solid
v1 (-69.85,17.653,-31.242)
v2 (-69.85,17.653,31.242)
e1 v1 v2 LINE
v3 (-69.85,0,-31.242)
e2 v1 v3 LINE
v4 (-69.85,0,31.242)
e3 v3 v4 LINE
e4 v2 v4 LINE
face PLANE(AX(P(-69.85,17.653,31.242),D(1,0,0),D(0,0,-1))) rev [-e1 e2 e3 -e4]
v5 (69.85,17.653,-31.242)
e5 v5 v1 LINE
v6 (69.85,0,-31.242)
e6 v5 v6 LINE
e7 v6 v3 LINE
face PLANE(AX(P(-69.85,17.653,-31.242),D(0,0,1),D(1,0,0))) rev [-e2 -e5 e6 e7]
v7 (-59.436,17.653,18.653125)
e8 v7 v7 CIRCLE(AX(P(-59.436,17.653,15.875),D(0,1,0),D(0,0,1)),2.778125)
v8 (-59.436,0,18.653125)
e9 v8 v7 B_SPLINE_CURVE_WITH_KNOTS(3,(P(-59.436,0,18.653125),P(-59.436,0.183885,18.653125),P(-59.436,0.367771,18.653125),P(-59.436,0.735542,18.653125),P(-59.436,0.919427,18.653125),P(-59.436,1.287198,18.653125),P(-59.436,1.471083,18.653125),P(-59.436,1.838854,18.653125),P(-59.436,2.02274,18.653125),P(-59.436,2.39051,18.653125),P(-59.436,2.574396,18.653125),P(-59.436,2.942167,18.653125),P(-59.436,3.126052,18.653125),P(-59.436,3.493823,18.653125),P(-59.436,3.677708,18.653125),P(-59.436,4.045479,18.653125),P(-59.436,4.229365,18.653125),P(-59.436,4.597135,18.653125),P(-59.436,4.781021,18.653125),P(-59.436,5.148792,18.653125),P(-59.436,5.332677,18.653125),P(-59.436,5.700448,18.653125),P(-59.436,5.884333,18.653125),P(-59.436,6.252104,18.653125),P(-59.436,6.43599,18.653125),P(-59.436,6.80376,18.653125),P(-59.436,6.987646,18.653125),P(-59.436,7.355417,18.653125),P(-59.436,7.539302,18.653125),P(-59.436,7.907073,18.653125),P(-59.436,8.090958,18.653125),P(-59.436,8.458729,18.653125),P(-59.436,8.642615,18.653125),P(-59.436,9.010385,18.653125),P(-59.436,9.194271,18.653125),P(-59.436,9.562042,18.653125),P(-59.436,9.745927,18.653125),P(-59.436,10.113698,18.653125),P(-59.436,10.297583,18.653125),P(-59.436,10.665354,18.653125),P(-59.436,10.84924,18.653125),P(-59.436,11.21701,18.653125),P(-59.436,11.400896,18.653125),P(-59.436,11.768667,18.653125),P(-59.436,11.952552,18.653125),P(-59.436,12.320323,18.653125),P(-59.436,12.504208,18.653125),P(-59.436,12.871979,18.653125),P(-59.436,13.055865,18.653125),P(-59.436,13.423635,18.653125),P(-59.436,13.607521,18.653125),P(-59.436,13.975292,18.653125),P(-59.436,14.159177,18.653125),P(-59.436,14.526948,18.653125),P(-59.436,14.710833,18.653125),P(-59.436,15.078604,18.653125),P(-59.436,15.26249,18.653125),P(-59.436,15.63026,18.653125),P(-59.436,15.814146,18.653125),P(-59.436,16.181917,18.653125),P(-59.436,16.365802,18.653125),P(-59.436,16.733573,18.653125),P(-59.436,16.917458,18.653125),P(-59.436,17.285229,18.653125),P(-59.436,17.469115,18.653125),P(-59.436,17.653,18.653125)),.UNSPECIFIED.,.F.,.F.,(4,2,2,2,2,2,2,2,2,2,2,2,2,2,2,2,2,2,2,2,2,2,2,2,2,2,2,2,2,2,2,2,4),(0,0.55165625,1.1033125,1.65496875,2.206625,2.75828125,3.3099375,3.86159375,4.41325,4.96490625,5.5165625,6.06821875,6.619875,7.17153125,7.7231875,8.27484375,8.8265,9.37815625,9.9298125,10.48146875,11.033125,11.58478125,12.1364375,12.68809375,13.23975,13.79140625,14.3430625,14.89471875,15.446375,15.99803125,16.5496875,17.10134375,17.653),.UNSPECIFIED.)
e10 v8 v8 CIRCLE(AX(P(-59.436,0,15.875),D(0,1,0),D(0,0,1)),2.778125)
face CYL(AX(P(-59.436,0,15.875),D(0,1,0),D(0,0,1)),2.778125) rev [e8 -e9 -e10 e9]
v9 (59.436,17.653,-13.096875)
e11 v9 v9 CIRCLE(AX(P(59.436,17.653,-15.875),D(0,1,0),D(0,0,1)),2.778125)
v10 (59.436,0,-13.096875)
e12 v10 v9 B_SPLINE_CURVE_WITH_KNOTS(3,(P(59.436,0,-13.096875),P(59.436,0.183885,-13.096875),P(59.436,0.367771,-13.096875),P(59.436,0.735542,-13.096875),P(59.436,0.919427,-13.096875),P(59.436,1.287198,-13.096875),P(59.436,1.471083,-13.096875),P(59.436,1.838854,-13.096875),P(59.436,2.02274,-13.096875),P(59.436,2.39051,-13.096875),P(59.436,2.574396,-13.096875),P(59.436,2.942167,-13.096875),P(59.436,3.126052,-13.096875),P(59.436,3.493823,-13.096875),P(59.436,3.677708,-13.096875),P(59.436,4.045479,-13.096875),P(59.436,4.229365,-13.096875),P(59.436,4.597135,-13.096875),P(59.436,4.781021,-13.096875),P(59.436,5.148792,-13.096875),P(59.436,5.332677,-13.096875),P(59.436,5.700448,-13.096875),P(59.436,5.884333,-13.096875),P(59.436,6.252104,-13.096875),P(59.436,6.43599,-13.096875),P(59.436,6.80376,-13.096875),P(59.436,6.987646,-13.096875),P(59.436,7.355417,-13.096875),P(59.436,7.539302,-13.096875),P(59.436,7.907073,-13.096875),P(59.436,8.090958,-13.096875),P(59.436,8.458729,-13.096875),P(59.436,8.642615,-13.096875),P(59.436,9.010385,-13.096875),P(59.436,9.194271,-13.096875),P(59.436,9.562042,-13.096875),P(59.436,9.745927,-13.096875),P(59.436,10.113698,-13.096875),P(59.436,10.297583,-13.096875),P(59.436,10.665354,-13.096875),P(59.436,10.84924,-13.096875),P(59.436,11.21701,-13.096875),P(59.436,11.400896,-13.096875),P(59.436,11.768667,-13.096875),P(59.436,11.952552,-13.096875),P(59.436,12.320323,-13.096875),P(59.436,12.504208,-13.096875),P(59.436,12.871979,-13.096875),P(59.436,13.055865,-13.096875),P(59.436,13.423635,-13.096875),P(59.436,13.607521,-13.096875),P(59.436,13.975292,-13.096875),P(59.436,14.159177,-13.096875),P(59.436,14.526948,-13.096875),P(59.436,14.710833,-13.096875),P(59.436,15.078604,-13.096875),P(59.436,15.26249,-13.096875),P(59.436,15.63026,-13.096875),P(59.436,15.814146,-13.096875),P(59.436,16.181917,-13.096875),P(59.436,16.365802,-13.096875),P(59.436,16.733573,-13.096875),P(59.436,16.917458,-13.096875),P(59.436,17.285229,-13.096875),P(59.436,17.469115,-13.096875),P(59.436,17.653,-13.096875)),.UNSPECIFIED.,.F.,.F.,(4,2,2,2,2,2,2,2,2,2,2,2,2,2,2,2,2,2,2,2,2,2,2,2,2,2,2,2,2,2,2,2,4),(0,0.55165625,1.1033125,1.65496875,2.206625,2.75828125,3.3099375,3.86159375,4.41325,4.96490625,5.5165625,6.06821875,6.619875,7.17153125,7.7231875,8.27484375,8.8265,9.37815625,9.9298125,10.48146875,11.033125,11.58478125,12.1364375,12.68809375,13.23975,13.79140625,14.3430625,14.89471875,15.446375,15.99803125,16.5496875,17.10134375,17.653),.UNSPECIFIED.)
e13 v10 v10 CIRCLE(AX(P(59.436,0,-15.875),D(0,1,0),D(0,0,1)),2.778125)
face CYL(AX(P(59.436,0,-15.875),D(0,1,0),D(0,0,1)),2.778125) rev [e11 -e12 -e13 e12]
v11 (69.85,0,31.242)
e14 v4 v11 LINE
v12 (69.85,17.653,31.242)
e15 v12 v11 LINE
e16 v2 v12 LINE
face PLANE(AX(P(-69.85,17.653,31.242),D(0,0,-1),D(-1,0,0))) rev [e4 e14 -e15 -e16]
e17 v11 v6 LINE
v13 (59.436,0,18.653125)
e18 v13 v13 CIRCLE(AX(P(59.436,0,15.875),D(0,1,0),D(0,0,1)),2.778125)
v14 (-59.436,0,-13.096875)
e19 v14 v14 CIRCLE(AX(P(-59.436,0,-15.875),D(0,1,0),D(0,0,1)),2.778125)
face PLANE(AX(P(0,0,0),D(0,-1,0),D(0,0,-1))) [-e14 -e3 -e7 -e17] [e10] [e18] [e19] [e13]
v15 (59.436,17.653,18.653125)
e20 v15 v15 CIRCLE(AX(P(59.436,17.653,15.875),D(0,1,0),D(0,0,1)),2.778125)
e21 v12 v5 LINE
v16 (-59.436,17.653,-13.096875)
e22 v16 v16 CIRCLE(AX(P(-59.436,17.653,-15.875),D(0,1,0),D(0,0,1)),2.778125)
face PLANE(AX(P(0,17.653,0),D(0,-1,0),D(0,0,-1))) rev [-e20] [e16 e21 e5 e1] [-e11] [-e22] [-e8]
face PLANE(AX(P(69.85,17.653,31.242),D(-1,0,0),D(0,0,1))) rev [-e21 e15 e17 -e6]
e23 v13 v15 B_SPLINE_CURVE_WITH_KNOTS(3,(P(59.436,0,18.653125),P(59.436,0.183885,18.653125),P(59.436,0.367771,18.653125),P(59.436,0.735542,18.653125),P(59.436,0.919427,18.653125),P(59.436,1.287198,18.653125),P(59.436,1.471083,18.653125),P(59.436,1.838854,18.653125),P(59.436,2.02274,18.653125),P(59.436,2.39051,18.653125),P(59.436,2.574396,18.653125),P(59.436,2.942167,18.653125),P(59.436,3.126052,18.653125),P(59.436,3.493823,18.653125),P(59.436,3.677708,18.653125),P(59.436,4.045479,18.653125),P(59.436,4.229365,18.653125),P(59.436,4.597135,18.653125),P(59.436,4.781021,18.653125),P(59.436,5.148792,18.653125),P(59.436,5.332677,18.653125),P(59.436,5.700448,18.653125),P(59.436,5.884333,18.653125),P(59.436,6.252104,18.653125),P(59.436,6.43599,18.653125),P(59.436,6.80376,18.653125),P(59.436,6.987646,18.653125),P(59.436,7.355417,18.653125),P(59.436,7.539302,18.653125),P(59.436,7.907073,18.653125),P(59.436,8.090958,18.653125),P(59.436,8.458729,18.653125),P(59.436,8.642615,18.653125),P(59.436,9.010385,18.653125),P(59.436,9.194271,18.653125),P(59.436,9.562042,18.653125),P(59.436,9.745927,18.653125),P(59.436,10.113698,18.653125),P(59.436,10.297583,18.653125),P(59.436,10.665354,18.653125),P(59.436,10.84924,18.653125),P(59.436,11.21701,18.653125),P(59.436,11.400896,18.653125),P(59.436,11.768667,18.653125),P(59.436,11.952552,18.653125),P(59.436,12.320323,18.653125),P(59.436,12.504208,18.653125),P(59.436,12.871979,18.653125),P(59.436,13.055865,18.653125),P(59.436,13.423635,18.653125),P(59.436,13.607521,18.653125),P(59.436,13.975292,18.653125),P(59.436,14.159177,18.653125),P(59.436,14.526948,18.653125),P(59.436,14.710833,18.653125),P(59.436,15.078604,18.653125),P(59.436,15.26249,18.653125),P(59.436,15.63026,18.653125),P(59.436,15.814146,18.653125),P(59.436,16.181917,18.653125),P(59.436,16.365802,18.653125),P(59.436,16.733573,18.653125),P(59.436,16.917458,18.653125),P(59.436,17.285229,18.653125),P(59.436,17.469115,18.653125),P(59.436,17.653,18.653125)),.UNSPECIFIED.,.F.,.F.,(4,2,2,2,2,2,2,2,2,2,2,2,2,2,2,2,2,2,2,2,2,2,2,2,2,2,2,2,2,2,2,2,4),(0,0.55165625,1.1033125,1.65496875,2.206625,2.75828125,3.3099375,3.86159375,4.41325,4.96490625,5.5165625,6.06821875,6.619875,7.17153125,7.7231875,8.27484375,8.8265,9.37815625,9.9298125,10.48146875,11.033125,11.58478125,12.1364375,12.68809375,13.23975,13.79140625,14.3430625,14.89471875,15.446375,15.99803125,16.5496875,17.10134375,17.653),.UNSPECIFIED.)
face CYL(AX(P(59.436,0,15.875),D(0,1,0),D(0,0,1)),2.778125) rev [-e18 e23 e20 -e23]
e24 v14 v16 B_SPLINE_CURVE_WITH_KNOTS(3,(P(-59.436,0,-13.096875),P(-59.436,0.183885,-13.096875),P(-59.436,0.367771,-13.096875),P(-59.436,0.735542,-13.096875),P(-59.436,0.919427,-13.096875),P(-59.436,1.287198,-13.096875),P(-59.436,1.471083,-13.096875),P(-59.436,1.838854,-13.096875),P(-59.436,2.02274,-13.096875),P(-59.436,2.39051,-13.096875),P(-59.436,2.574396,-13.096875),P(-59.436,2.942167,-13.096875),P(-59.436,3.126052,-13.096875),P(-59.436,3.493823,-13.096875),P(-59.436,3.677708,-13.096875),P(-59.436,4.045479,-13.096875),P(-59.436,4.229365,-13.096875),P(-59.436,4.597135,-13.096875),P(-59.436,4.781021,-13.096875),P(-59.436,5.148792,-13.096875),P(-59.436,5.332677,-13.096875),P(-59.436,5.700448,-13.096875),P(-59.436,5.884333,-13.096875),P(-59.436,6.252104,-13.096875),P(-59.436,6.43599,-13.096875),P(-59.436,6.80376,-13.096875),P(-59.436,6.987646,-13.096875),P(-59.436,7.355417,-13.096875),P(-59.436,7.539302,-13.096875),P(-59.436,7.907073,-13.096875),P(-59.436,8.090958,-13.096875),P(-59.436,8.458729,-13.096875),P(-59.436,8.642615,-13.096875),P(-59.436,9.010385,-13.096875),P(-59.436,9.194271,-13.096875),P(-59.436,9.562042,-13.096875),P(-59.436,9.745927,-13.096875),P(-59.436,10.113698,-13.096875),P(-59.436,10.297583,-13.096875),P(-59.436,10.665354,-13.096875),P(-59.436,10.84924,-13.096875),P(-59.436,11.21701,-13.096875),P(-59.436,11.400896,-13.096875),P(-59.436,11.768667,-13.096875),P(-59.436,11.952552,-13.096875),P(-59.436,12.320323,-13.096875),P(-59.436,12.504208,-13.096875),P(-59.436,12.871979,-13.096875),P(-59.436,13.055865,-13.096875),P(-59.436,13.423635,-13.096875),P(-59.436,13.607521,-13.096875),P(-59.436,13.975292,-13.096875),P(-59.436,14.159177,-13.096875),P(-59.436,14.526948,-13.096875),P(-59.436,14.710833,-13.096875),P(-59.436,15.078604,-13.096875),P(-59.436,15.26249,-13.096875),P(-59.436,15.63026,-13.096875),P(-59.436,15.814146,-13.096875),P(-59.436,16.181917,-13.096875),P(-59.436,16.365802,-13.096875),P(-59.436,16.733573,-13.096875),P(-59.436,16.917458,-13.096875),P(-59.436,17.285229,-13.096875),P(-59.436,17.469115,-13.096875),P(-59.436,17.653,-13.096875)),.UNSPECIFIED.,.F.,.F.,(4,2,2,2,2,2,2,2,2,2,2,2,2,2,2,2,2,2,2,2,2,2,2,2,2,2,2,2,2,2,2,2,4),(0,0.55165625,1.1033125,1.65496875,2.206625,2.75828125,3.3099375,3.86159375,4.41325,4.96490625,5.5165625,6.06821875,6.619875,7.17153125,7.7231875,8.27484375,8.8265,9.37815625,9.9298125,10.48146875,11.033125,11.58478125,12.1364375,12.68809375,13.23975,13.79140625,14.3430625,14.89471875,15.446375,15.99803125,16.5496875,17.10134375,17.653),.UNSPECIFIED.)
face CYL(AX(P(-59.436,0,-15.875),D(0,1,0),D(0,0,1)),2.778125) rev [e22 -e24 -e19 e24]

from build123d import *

# Parameters (mm, degrees)
SKETCH1_W            = 139.7
SKETCH1_H            = 62.484
BOSS_EXTRUDE1_DEPTH  = 17.653
SKETCH2_R            = 2.778125
CUT_EXTRUDE1_DEPTH   = 79.528424618
LPATTERN1_COUNT      = 2
LPATTERN1_PITCH      = 31.75
LPATTERN1_COUNT_DIR2 = 2
LPATTERN1_PITCH_DIR2 = 118.872


with BuildPart() as part:
    # Sketch1 → Boss-Extrude1 (new body)
    with BuildSketch(Plane(origin=(0, 0, 0), x_dir=(1, 0, 0), z_dir=(0, 1, 0))):
        Rectangle(SKETCH1_W, SKETCH1_H)
    extrude(amount=BOSS_EXTRUDE1_DEPTH)

    # Sketch2 → Cut-Extrude1 (cut, through all)
    with BuildSketch(Plane(origin=(0, 17.653, 0), x_dir=(1, 0, 0), z_dir=(0, 1, 0))):
        with Locations(Location((-59.436, -15.875, 0), (0, 0, 270))):
            Circle(SKETCH2_R)
    cut_extrude1 = extrude(amount=-CUT_EXTRUDE1_DEPTH, mode=Mode.SUBTRACT)

    # LPattern1: Cut-Extrude1 2 × 2
    with Locations(*[(j * LPATTERN1_PITCH_DIR2, 0, -i * LPATTERN1_PITCH) for i in range(LPATTERN1_COUNT) for j in range(LPATTERN1_COUNT_DIR2) if (i, j) != (0, 0)]):
        add(cut_extrude1, mode=Mode.SUBTRACT)


solid = part.part
